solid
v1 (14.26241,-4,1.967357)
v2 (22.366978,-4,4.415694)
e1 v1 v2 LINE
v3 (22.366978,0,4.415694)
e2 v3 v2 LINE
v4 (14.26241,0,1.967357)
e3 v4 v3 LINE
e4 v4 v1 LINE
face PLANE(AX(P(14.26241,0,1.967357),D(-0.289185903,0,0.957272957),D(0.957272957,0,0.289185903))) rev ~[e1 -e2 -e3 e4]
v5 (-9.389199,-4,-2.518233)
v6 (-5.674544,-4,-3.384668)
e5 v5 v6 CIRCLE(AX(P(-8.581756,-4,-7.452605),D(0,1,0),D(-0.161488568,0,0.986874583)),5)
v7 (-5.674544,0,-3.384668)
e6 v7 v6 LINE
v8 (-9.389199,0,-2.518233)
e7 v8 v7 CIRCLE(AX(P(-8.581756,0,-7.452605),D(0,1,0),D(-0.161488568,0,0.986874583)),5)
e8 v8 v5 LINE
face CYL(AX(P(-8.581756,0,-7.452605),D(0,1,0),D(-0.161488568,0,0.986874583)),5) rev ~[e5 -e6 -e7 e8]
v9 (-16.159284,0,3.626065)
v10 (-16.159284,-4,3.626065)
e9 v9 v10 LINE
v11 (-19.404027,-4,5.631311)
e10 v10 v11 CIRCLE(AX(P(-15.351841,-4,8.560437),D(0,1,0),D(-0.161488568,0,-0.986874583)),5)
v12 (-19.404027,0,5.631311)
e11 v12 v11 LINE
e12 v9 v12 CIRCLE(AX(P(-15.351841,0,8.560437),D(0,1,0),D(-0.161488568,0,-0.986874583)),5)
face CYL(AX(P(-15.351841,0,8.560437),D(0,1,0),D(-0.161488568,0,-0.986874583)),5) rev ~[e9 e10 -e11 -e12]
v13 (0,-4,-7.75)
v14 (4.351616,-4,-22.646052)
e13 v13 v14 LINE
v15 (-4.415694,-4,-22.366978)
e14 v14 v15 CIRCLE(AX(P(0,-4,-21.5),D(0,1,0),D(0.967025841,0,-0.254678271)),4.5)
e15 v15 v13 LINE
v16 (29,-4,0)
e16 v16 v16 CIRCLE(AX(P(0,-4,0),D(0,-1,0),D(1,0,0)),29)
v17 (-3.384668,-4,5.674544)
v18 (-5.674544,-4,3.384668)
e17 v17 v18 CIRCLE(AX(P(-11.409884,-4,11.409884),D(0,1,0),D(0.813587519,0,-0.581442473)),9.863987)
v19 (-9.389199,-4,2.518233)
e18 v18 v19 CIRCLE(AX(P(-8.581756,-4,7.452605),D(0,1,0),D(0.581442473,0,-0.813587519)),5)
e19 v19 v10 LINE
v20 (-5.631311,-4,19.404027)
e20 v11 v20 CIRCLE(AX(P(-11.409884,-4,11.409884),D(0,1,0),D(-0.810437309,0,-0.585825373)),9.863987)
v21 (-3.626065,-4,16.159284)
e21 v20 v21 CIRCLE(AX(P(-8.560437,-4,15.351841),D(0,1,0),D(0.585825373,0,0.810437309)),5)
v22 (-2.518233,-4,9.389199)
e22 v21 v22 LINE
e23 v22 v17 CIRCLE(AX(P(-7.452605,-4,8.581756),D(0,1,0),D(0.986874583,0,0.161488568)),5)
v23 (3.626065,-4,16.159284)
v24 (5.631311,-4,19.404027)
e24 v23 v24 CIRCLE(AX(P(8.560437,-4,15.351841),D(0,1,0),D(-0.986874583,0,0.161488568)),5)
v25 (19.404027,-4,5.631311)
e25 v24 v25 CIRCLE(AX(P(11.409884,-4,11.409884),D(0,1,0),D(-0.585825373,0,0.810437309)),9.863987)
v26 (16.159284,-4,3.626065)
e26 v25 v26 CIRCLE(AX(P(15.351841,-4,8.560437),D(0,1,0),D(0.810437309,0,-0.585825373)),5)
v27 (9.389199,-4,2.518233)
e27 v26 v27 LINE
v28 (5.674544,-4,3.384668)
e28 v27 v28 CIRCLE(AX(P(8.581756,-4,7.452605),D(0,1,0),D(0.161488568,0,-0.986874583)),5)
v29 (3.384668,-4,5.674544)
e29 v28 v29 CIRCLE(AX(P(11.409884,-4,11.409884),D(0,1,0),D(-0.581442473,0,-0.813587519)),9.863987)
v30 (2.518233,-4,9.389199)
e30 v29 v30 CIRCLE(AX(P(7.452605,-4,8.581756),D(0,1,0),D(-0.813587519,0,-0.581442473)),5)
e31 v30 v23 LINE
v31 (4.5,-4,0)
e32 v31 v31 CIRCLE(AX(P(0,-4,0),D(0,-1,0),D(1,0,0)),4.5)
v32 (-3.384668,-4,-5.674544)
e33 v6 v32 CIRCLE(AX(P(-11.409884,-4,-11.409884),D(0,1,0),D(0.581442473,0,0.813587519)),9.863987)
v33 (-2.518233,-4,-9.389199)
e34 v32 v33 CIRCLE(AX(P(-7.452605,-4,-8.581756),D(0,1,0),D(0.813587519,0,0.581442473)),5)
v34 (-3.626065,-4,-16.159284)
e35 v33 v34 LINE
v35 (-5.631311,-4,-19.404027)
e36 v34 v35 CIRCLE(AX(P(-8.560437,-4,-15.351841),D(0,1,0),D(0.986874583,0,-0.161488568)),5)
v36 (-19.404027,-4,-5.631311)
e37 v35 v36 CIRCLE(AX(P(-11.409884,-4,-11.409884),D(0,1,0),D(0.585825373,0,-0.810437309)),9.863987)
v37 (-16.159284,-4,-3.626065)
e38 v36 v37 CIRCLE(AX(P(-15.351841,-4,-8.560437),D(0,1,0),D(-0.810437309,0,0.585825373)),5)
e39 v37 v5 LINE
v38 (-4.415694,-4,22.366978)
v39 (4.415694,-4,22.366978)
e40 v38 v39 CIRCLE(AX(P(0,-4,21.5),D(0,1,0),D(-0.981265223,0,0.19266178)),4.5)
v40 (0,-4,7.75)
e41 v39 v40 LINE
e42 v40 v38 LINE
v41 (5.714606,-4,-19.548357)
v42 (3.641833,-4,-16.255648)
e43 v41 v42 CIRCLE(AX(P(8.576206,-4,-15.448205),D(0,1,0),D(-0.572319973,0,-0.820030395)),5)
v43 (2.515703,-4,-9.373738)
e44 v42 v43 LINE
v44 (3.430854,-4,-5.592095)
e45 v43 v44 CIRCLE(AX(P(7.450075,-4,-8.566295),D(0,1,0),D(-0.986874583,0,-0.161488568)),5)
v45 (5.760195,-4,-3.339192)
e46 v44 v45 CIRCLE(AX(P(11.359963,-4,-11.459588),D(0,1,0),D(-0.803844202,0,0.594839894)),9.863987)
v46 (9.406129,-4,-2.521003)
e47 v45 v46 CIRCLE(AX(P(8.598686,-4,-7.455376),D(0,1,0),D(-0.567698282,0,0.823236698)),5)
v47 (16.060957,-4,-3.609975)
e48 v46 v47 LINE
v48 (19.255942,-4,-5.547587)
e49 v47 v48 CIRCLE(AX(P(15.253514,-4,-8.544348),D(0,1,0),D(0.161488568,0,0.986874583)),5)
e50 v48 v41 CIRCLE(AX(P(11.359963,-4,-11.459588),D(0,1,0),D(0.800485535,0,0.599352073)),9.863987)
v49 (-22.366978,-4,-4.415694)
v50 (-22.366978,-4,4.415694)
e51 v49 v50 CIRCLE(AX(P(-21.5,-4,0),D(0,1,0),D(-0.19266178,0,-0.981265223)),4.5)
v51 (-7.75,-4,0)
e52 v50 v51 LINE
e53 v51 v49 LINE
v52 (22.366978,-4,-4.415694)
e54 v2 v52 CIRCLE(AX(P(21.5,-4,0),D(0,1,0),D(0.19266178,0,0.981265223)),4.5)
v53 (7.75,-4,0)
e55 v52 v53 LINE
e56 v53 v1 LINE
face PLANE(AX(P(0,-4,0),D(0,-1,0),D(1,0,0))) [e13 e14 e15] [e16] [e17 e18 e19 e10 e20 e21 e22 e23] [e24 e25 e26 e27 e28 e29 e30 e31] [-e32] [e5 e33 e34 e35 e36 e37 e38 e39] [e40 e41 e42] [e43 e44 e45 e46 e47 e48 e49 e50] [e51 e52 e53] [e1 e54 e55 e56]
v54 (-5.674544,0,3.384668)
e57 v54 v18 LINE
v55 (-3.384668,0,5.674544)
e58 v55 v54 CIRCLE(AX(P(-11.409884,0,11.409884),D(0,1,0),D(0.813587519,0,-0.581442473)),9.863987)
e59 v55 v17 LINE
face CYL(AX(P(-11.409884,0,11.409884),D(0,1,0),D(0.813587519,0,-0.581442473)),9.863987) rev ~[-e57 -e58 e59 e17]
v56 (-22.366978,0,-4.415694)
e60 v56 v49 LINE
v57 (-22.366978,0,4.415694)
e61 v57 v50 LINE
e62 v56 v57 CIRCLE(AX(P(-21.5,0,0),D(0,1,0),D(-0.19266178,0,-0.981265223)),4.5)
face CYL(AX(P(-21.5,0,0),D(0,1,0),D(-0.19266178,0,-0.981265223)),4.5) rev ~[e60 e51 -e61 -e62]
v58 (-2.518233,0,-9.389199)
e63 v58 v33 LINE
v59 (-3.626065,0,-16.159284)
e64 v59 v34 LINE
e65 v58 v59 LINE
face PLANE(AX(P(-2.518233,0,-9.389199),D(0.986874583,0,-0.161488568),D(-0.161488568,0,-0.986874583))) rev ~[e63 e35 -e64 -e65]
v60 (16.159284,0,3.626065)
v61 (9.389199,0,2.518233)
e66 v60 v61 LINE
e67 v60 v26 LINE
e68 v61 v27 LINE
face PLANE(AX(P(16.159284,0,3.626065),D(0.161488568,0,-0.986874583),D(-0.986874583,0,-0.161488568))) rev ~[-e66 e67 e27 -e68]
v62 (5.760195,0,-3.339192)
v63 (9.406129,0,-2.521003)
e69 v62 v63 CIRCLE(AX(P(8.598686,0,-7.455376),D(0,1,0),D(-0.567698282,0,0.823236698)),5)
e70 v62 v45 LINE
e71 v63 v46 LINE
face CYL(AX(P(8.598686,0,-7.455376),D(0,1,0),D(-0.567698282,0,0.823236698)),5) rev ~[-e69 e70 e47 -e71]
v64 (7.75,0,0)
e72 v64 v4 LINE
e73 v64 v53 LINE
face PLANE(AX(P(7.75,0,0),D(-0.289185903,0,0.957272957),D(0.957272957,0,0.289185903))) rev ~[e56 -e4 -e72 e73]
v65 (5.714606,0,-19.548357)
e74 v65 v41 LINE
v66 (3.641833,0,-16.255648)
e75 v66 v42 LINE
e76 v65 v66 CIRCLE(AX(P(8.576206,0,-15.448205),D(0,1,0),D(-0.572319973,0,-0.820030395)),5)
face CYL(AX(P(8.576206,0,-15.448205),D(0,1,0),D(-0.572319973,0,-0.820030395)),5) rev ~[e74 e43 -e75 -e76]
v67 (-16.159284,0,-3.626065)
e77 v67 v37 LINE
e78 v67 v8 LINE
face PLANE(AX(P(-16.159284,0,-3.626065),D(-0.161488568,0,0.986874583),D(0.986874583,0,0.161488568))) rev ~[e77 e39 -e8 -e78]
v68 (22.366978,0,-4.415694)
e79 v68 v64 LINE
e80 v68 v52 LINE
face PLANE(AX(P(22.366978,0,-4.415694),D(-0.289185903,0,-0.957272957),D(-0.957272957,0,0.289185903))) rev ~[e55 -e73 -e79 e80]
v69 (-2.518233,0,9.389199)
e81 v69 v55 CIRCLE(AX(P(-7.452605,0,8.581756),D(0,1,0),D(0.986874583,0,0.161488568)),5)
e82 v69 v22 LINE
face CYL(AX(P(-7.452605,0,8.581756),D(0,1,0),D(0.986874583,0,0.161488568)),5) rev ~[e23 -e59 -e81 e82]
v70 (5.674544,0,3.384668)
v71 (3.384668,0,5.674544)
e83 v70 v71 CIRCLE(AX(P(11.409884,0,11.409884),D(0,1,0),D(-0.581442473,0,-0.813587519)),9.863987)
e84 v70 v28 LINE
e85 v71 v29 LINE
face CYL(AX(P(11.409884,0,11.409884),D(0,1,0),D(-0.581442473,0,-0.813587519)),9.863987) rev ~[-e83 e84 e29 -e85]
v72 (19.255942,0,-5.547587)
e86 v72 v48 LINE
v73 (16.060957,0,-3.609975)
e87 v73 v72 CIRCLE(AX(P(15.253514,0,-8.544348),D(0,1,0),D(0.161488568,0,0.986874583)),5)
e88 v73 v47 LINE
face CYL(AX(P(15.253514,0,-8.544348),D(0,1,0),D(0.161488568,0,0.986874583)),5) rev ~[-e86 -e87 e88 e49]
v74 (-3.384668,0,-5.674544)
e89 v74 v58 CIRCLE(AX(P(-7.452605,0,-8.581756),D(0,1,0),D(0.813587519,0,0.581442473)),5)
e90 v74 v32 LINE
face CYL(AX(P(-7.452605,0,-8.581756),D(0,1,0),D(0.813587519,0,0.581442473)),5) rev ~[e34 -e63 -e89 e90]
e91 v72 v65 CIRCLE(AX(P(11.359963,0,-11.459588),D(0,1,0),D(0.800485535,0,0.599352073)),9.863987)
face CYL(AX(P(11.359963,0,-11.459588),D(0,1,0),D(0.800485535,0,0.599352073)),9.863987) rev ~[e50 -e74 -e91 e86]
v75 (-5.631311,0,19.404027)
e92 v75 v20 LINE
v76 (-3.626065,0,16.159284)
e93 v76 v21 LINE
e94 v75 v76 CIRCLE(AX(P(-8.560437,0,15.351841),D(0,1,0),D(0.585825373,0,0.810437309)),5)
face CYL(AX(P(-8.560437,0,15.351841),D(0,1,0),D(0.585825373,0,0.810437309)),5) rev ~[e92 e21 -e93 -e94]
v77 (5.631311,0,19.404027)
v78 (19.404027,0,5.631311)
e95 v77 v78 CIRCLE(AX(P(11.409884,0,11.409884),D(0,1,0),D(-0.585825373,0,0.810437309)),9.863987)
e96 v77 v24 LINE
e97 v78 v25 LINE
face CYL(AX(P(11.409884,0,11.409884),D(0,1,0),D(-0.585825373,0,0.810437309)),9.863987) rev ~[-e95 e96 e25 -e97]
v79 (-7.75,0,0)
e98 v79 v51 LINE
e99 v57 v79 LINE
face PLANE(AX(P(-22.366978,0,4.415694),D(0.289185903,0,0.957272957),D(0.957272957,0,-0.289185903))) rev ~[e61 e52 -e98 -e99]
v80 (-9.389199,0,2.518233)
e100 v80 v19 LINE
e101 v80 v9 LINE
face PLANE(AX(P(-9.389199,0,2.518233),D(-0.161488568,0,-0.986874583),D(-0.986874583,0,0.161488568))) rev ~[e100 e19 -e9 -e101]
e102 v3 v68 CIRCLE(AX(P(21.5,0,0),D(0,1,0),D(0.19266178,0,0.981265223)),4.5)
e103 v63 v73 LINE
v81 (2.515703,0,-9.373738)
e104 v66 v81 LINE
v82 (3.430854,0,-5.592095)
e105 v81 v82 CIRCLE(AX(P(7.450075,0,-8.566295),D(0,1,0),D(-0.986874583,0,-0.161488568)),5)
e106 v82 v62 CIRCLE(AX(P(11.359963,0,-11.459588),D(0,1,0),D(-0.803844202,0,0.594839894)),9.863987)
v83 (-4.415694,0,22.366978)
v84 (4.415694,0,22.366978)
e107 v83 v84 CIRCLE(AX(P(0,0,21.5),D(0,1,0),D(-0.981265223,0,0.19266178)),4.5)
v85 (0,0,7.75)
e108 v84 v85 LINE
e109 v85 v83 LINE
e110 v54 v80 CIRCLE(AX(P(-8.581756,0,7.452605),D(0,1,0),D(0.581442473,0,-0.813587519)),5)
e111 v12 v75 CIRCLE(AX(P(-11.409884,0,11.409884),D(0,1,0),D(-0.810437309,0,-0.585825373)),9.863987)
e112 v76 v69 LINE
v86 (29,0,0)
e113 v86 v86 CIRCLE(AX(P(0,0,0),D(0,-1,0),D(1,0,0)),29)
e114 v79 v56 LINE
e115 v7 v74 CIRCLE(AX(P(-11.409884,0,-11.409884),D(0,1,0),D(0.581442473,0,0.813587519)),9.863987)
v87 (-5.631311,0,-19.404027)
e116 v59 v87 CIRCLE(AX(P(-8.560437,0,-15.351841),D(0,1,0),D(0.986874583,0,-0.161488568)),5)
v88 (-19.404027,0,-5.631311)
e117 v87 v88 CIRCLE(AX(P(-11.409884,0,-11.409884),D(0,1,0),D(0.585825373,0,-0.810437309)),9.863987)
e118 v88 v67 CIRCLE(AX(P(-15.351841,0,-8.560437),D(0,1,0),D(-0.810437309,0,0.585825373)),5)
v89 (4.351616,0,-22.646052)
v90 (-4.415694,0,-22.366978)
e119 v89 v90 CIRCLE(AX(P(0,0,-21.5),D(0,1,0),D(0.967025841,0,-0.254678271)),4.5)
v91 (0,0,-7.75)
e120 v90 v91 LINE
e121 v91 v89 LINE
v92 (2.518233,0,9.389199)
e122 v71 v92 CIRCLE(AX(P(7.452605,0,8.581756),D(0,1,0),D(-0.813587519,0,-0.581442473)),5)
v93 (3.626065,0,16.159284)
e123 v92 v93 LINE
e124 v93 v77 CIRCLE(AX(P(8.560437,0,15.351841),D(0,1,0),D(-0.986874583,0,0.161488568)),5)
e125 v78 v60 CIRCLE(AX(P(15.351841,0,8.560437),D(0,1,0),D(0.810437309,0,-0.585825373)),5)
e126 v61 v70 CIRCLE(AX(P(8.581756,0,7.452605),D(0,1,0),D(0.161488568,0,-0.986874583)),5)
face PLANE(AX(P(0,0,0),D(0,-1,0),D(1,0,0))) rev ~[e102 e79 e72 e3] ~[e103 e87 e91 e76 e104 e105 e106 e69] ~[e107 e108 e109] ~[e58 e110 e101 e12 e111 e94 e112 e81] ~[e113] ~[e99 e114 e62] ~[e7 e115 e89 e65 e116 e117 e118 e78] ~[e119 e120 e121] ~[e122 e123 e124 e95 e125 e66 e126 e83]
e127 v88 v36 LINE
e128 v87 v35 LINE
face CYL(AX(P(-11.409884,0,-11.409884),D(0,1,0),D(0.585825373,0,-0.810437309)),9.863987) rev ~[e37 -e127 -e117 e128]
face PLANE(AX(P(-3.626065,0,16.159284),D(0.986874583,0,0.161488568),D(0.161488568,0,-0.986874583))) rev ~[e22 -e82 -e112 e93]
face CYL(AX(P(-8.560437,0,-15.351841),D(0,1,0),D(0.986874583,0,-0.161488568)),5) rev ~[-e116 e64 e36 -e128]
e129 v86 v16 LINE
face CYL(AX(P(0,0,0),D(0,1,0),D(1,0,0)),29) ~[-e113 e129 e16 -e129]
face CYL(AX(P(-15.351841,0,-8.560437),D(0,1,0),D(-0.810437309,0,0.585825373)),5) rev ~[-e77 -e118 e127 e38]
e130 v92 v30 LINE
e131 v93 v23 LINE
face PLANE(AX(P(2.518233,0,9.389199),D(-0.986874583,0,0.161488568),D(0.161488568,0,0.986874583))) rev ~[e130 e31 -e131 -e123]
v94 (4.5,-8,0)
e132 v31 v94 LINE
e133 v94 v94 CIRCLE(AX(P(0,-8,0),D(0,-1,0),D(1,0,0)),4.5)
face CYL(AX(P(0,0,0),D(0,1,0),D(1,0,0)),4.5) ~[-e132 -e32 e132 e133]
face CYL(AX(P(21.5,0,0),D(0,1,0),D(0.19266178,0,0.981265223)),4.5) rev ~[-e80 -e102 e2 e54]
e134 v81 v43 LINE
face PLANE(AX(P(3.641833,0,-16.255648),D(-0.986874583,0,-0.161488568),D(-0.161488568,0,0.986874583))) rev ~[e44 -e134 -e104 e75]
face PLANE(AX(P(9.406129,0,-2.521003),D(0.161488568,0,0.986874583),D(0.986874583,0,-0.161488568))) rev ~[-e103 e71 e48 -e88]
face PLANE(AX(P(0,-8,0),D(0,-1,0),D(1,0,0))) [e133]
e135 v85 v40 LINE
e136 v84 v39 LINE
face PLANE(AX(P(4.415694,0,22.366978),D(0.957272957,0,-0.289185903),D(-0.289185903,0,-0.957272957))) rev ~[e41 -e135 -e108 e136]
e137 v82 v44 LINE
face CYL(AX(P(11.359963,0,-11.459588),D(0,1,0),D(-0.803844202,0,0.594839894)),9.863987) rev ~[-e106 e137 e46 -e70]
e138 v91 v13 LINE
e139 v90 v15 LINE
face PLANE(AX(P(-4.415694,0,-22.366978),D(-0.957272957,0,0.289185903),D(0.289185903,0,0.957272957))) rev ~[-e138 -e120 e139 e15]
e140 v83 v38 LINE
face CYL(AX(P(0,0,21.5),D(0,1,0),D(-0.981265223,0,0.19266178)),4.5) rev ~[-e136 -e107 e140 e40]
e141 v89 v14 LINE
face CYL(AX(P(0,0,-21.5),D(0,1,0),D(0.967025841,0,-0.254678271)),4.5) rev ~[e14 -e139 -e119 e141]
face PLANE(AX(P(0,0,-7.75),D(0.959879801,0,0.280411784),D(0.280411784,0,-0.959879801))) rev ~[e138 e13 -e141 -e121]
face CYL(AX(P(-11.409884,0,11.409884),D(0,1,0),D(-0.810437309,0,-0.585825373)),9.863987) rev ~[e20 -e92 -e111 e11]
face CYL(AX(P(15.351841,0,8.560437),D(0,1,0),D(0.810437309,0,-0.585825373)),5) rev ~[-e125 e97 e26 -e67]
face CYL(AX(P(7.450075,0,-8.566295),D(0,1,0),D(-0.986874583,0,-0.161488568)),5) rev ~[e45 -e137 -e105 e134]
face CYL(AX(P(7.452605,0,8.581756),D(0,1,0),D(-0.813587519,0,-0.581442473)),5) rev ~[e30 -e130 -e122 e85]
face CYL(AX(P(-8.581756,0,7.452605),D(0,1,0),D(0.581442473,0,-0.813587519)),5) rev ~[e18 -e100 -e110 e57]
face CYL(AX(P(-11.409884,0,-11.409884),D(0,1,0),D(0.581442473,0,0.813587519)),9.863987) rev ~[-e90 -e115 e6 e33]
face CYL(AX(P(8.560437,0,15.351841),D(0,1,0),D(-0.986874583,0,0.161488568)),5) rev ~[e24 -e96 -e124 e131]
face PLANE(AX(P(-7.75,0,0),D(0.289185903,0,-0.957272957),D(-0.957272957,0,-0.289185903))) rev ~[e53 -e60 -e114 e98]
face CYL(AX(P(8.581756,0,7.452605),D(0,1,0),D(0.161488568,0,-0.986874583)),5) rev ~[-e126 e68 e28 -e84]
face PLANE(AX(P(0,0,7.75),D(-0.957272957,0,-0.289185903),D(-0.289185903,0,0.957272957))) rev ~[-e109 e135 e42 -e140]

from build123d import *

# Parameters (mm, degrees)
F0_R     = 4.5
F1_DEPTH = 8
F0_R_2   = 29
F0_R_3   = 27
F2_DEPTH = 4


with BuildPart() as f1:
    # F0 (on Front) → F1 (new body)
    with BuildSketch(Plane.XZ):
        Circle(F0_R)
    extrude(amount=F1_DEPTH)

    # F0 (on Front) → F2 (join)
    with BuildSketch(Plane.XZ):
        Circle(F0_R_2)
        Circle(F0_R_3, mode=Mode.SUBTRACT)
        Circle(F0_R_3)
        with BuildLine():
            ThreePointArc((4.3516162867, -22.646052221), (-0.1431680004, -25.9977219705), (-4.4156935051, -22.3669780097))
            Line((-4.4156935051, -22.3669780097), (0, -7.75))
            Line((0, -7.75), (4.3516162867, -22.646052221))
        make_face(mode=Mode.SUBTRACT)
        with BuildLine():
            ThreePointArc((-19.4040272759, -5.6313106345), (-17.9803864059, -4.3071155471), (-16.1592835692, -3.626064584))
            Line((-16.1592835692, -3.626064584), (-9.3891987076, -2.5182325158))
            ThreePointArc((-9.3891987076, -2.5182325158), (-7.4460025695, -2.583307283), (-5.6745435039, -3.3846678354))
            ThreePointArc((-5.6745435039, -3.3846678354), (-4.4349924254, -4.4349924254), (-3.3846678354, -5.6745435039))
            ThreePointArc((-3.3846678354, -5.6745435039), (-2.583307283, -7.4460025695), (-2.5182325158, -9.3891987076))
            Line((-2.5182325158, -9.3891987076), (-3.626064584, -16.1592835692))
            ThreePointArc((-3.626064584, -16.1592835692), (-4.3071155471, -17.9803864059), (-5.6313106345, -19.4040272759))
            ThreePointArc((-5.6313106345, -19.4040272759), (-18.3847763109, -18.3847763109), (-19.4040272759, -5.6313106345))
        make_face(mode=Mode.SUBTRACT)
        with BuildLine():
            Line((3.6418333236, -16.2556480886), (2.5157025337, -9.3737377061))
            ThreePointArc((2.5157025337, -9.3737377061), (2.5903516211, -7.3902488103), (3.4308544392, -5.5920953967))
            ThreePointArc((3.4308544392, -5.5920953967), (4.5023744658, -4.3693333532), (5.760194673, -3.3391923392))
            ThreePointArc((5.760194673, -3.3391923392), (7.5038582162, -2.5767129031), (9.4061289224, -2.5210029146))
            Line((9.4061289224, -2.5210029146), (16.060956923, -3.6099747692))
            ThreePointArc((16.060956923, -3.6099747692), (17.8462537904, -4.2691049062), (19.2559417587, -5.5475873168))
            ThreePointArc((19.2559417587, -5.5475873168), (18.450217913, -18.3171768004), (5.7146063745, -19.5483572234))
            ThreePointArc((5.7146063745, -19.5483572234), (4.344802068, -18.1118904301), (3.6418333236, -16.2556480886))
        make_face(mode=Mode.SUBTRACT)
        with BuildLine():
            ThreePointArc((-22.3669780097, -4.4156935051), (-26, 0), (-22.3669780097, 4.4156935051))
            Line((-22.3669780097, 4.4156935051), (-7.75, 0))
            Line((-7.75, 0), (-22.3669780097, -4.4156935051))
        make_face(mode=Mode.SUBTRACT)
        with BuildLine():
            Line((-9.3891987076, 2.5182325158), (-16.1592835692, 3.626064584))
            ThreePointArc((-16.1592835692, 3.626064584), (-17.9803864059, 4.3071155471), (-19.4040272759, 5.6313106345))
            ThreePointArc((-19.4040272759, 5.6313106345), (-18.3847763109, 18.3847763109), (-5.6313106345, 19.4040272759))
            ThreePointArc((-5.6313106345, 19.4040272759), (-4.3071155471, 17.9803864059), (-3.626064584, 16.1592835692))
            Line((-3.626064584, 16.1592835692), (-2.5182325158, 9.3891987076))
            ThreePointArc((-2.5182325158, 9.3891987076), (-2.583307283, 7.4460025695), (-3.3846678354, 5.6745435039))
            ThreePointArc((-3.3846678354, 5.6745435039), (-4.4349924254, 4.4349924254), (-5.6745435039, 3.3846678354))
            ThreePointArc((-5.6745435039, 3.3846678354), (-7.4460025695, 2.583307283), (-9.3891987076, 2.5182325158))
        make_face(mode=Mode.SUBTRACT)
        Circle(F0_R, mode=Mode.SUBTRACT)
        with BuildLine():
            Line((16.1592835692, 3.626064584), (9.3891987076, 2.5182325158))
            ThreePointArc((9.3891987076, 2.5182325158), (7.4460025695, 2.583307283), (5.6745435039, 3.3846678354))
            ThreePointArc((5.6745435039, 3.3846678354), (4.4349924254, 4.4349924254), (3.3846678354, 5.6745435039))
            ThreePointArc((3.3846678354, 5.6745435039), (2.583307283, 7.4460025695), (2.5182325158, 9.3891987076))
            Line((2.5182325158, 9.3891987076), (3.626064584, 16.1592835692))
            ThreePointArc((3.626064584, 16.1592835692), (4.3071155471, 17.9803864059), (5.6313106345, 19.4040272759))
            ThreePointArc((5.6313106345, 19.4040272759), (18.3847763109, 18.3847763109), (19.4040272759, 5.6313106345))
            ThreePointArc((19.4040272759, 5.6313106345), (17.9803864059, 4.3071155471), (16.1592835692, 3.626064584))
        make_face(mode=Mode.SUBTRACT)
        with BuildLine():
            ThreePointArc((22.3669780097, 4.4156935051), (26, 0), (22.3669780097, -4.4156935051))
            Line((22.3669780097, -4.4156935051), (7.75, 0))
            Line((7.75, 0), (14.262410288, 1.9673565762))
            Line((14.262410288, 1.9673565762), (22.3669780097, 4.4156935051))
        make_face(mode=Mode.SUBTRACT)
        with BuildLine():
            ThreePointArc((-4.4156935051, 22.3669780097), (0, 26), (4.4156935051, 22.3669780097))
            Line((4.4156935051, 22.3669780097), (0, 7.75))
            Line((0, 7.75), (-4.4156935051, 22.3669780097))
        make_face(mode=Mode.SUBTRACT)
    extrude(amount=F2_DEPTH)


solid = f1.part
